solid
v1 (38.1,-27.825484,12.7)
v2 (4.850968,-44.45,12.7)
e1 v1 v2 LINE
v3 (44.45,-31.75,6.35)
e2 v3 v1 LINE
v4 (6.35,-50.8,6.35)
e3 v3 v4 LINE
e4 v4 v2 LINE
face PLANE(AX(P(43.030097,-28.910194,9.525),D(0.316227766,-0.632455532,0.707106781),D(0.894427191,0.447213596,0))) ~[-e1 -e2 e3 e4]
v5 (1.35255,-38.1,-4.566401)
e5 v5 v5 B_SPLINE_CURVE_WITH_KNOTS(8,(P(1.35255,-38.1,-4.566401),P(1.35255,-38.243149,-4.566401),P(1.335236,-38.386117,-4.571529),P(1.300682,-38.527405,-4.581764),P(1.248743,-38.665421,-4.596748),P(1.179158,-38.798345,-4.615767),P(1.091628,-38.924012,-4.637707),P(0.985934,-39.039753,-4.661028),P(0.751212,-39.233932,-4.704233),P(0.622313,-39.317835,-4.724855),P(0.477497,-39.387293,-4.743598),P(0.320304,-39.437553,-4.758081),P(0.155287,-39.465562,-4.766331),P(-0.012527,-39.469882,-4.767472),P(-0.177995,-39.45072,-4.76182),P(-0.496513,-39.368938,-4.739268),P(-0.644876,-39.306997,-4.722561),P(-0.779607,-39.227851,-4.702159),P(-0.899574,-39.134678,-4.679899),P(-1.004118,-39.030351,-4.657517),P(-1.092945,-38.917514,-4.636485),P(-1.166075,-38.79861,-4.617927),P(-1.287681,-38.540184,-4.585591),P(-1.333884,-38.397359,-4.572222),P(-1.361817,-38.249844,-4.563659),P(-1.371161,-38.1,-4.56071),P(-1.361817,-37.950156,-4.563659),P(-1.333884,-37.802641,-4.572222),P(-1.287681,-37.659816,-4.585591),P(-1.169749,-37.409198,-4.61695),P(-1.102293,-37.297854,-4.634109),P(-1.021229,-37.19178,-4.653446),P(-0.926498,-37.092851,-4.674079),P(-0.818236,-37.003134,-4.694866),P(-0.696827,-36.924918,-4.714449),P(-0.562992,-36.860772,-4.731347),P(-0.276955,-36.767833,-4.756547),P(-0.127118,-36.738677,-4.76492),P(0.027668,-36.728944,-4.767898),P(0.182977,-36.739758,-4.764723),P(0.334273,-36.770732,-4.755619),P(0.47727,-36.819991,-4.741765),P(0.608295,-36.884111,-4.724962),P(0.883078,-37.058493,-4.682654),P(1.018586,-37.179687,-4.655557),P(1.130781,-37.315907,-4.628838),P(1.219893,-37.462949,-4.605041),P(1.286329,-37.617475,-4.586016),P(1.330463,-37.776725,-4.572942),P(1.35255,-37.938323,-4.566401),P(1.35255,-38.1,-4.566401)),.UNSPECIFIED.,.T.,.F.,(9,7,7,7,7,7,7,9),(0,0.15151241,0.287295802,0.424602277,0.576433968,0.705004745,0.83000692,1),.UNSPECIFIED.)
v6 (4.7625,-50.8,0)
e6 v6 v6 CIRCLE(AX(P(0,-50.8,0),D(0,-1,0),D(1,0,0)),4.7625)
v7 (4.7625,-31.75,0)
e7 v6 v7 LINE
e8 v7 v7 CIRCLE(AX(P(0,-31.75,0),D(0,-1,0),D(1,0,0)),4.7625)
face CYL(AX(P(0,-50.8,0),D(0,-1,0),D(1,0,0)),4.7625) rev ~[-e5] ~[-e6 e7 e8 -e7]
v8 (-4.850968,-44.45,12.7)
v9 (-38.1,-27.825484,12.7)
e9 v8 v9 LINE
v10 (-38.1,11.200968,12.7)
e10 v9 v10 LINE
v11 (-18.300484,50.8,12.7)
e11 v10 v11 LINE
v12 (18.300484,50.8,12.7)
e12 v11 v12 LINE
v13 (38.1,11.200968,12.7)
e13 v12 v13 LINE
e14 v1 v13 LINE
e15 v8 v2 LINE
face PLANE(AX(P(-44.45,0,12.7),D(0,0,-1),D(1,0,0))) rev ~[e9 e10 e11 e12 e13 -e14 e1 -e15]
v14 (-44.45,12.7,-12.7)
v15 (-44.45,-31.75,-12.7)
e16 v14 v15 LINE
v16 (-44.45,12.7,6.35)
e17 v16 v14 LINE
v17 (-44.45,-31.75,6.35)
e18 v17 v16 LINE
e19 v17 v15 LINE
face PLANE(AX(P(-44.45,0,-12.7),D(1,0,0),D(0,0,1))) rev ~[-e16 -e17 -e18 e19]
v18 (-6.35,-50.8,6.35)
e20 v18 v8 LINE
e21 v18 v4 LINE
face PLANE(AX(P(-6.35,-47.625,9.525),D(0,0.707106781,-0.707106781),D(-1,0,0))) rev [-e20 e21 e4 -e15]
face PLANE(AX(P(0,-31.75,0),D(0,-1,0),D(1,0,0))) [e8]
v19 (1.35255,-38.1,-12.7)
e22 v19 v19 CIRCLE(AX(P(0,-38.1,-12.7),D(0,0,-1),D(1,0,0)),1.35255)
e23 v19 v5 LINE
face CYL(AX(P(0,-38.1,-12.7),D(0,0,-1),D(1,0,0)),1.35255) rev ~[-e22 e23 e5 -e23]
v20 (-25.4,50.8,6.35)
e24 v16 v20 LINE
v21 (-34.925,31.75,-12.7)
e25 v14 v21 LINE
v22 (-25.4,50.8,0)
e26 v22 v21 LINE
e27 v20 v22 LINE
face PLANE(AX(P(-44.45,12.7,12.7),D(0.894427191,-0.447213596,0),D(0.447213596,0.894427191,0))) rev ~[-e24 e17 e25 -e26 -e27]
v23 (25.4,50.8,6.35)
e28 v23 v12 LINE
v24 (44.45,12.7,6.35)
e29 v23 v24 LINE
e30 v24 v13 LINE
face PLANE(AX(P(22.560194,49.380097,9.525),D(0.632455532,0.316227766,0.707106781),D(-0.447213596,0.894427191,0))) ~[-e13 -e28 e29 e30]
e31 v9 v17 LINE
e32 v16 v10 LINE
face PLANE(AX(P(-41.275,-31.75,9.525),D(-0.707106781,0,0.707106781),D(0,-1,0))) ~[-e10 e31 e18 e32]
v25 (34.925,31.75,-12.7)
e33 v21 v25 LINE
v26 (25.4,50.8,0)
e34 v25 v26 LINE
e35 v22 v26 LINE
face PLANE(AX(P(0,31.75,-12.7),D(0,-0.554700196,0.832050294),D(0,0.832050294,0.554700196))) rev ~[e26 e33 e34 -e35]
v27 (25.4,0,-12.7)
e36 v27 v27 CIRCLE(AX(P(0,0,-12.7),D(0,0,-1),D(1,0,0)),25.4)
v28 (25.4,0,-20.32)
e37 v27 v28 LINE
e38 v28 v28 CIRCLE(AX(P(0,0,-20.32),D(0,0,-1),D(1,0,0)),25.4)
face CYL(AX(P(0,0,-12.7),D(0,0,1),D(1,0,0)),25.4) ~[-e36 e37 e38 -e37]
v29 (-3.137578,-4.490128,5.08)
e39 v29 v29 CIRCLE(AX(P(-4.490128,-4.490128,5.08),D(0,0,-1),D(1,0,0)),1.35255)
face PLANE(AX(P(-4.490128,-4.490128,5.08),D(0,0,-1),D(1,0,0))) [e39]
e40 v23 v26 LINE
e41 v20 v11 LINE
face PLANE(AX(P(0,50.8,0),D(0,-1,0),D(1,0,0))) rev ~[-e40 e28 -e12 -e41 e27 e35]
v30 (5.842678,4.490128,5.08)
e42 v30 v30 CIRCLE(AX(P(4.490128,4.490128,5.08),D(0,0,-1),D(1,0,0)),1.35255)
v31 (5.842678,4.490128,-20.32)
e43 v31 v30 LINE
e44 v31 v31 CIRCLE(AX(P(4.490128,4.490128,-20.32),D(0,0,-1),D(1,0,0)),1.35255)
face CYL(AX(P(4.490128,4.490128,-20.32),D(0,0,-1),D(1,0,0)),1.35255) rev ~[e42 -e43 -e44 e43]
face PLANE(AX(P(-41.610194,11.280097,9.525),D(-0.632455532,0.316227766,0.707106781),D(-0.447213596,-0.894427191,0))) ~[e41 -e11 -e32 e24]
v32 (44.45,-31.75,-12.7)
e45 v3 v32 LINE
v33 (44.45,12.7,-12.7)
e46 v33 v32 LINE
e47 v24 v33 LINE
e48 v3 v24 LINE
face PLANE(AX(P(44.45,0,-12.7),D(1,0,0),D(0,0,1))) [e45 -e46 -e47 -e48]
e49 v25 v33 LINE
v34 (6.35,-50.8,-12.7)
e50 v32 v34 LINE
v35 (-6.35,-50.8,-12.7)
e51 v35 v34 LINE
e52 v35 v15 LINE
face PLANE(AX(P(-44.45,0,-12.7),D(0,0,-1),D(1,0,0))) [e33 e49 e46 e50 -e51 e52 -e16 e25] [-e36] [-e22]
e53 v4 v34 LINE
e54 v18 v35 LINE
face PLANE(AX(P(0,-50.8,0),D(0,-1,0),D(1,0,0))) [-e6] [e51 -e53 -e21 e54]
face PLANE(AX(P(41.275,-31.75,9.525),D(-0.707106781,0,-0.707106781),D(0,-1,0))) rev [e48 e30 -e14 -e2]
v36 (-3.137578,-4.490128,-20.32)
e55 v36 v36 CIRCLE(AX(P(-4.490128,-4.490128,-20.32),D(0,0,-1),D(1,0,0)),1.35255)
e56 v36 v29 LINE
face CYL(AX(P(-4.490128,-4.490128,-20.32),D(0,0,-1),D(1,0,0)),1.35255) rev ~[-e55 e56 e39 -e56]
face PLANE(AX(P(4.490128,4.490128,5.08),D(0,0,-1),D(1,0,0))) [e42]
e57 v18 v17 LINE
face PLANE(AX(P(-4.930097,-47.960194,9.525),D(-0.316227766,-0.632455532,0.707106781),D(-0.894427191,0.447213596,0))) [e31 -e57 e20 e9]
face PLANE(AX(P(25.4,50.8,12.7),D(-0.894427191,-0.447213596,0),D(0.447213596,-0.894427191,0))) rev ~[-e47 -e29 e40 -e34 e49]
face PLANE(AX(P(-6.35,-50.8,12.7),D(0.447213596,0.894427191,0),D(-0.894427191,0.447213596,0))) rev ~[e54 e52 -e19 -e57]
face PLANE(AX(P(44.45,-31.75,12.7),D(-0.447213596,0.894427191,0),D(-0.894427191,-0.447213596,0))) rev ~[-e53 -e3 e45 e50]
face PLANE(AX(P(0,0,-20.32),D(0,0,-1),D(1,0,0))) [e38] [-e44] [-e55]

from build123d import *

# Parameters (mm, degrees)
F0_W      = 88.9
F0_H      = 25.4
F1_DEPTH  = 50.8
F3_DEPTH  = 25.4
F5_DEPTH  = 44.451
F6_DEPTH  = 44.451
F7_SIZE   = 6.35
F8_R      = 25.4
F9_DEPTH  = 7.62
F10_R     = 1.35255
F11_DEPTH = 25.4
F12_R     = 4.7625
F13_DEPTH = 19.05
F14_R     = 1.35255
F15_DEPTH = 12.7


with BuildPart() as f1:
    # F0 (on Front) → F1 (new body, symmetric)
    with BuildSketch(Plane.XZ):
        Rectangle(F0_W, F0_H)
    extrude(amount=F1_DEPTH, both=True)

    # F2 (on face) → F3 (cut)
    with BuildSketch(Plane.XY.offset(12.7)):
        Polygon((44.45, -31.75), (6.35, -50.8), (44.45, -50.8), align=None)
        Polygon((-6.35, -50.8), (-44.45, -31.75), (-44.45, -50.8), align=None)
        Polygon((-25.4, 50.8), (-44.45, 50.8), (-44.45, 12.7), align=None)
        Polygon((44.45, 12.7), (44.45, 50.8), (25.4, 50.8), align=None)
    extrude(amount=-F3_DEPTH, mode=Mode.SUBTRACT)

    # F4 (on Right) → F5 (cut, through all)
    with BuildSketch(Plane.YZ):
        Polygon((50.8, 0), (31.75, -12.7), (50.8, -12.7), align=None)
    extrude(amount=-F5_DEPTH, mode=Mode.SUBTRACT)

    # F5_face (on face) → F6 (cut, through all)
    with BuildSketch(Plane(origin=(0, 44.45, -8.466667), x_dir=(0, 1, 0), z_dir=(-1, 0, 0))):
        Polygon((-12.7, 4.233333), (6.35, -8.466667), (6.35, 4.233333), align=None)
    extrude(amount=-F6_DEPTH, mode=Mode.SUBTRACT)

    # F7
    f7_edges = [f1.edges().sort_by_distance(p)[0] for p in [
        (25.4, -41.275, 12.7),
        (0, -50.8, 12.7),
        (-25.4, -41.275, 12.7),
        (-44.45, -9.525, 12.7),
        (-34.925, 31.75, 12.7),
        (44.45, -9.525, 12.7),
        (34.925, 31.75, 12.7),
    ]]
    chamfer(f7_edges, length=F7_SIZE)

    # F8 (on face) → F9 (join)
    with BuildSketch(Plane(origin=(0, 0, -12.7), x_dir=(1, 0, 0), z_dir=(0, 0, -1))):
        Circle(F8_R)
    extrude(amount=F9_DEPTH)

    # F10 (on face) → F11 (cut)
    with BuildSketch(Plane(origin=(0, 0, -20.32), x_dir=(1, 0, 0), z_dir=(0, 0, -1))):
        with Locations((4.490128, -4.490128)):
            Circle(F10_R)
        with Locations((-4.490128, 4.490128)):
            Circle(F10_R)
    extrude(amount=-F11_DEPTH, mode=Mode.SUBTRACT)

    # F12 (on face) → F13 (cut)
    with BuildSketch(Plane.XZ.offset(50.8)):
        Circle(F12_R)
    extrude(amount=-F13_DEPTH, mode=Mode.SUBTRACT)

    # F14 (on face) → F15 (cut)
    with BuildSketch(Plane(origin=(0, 0, -12.7), x_dir=(1, 0, 0), z_dir=(0, 0, -1))):
        with Locations((0, 38.1)):
            Circle(F14_R)
    extrude(amount=-F15_DEPTH, mode=Mode.SUBTRACT)


solid = f1.part
